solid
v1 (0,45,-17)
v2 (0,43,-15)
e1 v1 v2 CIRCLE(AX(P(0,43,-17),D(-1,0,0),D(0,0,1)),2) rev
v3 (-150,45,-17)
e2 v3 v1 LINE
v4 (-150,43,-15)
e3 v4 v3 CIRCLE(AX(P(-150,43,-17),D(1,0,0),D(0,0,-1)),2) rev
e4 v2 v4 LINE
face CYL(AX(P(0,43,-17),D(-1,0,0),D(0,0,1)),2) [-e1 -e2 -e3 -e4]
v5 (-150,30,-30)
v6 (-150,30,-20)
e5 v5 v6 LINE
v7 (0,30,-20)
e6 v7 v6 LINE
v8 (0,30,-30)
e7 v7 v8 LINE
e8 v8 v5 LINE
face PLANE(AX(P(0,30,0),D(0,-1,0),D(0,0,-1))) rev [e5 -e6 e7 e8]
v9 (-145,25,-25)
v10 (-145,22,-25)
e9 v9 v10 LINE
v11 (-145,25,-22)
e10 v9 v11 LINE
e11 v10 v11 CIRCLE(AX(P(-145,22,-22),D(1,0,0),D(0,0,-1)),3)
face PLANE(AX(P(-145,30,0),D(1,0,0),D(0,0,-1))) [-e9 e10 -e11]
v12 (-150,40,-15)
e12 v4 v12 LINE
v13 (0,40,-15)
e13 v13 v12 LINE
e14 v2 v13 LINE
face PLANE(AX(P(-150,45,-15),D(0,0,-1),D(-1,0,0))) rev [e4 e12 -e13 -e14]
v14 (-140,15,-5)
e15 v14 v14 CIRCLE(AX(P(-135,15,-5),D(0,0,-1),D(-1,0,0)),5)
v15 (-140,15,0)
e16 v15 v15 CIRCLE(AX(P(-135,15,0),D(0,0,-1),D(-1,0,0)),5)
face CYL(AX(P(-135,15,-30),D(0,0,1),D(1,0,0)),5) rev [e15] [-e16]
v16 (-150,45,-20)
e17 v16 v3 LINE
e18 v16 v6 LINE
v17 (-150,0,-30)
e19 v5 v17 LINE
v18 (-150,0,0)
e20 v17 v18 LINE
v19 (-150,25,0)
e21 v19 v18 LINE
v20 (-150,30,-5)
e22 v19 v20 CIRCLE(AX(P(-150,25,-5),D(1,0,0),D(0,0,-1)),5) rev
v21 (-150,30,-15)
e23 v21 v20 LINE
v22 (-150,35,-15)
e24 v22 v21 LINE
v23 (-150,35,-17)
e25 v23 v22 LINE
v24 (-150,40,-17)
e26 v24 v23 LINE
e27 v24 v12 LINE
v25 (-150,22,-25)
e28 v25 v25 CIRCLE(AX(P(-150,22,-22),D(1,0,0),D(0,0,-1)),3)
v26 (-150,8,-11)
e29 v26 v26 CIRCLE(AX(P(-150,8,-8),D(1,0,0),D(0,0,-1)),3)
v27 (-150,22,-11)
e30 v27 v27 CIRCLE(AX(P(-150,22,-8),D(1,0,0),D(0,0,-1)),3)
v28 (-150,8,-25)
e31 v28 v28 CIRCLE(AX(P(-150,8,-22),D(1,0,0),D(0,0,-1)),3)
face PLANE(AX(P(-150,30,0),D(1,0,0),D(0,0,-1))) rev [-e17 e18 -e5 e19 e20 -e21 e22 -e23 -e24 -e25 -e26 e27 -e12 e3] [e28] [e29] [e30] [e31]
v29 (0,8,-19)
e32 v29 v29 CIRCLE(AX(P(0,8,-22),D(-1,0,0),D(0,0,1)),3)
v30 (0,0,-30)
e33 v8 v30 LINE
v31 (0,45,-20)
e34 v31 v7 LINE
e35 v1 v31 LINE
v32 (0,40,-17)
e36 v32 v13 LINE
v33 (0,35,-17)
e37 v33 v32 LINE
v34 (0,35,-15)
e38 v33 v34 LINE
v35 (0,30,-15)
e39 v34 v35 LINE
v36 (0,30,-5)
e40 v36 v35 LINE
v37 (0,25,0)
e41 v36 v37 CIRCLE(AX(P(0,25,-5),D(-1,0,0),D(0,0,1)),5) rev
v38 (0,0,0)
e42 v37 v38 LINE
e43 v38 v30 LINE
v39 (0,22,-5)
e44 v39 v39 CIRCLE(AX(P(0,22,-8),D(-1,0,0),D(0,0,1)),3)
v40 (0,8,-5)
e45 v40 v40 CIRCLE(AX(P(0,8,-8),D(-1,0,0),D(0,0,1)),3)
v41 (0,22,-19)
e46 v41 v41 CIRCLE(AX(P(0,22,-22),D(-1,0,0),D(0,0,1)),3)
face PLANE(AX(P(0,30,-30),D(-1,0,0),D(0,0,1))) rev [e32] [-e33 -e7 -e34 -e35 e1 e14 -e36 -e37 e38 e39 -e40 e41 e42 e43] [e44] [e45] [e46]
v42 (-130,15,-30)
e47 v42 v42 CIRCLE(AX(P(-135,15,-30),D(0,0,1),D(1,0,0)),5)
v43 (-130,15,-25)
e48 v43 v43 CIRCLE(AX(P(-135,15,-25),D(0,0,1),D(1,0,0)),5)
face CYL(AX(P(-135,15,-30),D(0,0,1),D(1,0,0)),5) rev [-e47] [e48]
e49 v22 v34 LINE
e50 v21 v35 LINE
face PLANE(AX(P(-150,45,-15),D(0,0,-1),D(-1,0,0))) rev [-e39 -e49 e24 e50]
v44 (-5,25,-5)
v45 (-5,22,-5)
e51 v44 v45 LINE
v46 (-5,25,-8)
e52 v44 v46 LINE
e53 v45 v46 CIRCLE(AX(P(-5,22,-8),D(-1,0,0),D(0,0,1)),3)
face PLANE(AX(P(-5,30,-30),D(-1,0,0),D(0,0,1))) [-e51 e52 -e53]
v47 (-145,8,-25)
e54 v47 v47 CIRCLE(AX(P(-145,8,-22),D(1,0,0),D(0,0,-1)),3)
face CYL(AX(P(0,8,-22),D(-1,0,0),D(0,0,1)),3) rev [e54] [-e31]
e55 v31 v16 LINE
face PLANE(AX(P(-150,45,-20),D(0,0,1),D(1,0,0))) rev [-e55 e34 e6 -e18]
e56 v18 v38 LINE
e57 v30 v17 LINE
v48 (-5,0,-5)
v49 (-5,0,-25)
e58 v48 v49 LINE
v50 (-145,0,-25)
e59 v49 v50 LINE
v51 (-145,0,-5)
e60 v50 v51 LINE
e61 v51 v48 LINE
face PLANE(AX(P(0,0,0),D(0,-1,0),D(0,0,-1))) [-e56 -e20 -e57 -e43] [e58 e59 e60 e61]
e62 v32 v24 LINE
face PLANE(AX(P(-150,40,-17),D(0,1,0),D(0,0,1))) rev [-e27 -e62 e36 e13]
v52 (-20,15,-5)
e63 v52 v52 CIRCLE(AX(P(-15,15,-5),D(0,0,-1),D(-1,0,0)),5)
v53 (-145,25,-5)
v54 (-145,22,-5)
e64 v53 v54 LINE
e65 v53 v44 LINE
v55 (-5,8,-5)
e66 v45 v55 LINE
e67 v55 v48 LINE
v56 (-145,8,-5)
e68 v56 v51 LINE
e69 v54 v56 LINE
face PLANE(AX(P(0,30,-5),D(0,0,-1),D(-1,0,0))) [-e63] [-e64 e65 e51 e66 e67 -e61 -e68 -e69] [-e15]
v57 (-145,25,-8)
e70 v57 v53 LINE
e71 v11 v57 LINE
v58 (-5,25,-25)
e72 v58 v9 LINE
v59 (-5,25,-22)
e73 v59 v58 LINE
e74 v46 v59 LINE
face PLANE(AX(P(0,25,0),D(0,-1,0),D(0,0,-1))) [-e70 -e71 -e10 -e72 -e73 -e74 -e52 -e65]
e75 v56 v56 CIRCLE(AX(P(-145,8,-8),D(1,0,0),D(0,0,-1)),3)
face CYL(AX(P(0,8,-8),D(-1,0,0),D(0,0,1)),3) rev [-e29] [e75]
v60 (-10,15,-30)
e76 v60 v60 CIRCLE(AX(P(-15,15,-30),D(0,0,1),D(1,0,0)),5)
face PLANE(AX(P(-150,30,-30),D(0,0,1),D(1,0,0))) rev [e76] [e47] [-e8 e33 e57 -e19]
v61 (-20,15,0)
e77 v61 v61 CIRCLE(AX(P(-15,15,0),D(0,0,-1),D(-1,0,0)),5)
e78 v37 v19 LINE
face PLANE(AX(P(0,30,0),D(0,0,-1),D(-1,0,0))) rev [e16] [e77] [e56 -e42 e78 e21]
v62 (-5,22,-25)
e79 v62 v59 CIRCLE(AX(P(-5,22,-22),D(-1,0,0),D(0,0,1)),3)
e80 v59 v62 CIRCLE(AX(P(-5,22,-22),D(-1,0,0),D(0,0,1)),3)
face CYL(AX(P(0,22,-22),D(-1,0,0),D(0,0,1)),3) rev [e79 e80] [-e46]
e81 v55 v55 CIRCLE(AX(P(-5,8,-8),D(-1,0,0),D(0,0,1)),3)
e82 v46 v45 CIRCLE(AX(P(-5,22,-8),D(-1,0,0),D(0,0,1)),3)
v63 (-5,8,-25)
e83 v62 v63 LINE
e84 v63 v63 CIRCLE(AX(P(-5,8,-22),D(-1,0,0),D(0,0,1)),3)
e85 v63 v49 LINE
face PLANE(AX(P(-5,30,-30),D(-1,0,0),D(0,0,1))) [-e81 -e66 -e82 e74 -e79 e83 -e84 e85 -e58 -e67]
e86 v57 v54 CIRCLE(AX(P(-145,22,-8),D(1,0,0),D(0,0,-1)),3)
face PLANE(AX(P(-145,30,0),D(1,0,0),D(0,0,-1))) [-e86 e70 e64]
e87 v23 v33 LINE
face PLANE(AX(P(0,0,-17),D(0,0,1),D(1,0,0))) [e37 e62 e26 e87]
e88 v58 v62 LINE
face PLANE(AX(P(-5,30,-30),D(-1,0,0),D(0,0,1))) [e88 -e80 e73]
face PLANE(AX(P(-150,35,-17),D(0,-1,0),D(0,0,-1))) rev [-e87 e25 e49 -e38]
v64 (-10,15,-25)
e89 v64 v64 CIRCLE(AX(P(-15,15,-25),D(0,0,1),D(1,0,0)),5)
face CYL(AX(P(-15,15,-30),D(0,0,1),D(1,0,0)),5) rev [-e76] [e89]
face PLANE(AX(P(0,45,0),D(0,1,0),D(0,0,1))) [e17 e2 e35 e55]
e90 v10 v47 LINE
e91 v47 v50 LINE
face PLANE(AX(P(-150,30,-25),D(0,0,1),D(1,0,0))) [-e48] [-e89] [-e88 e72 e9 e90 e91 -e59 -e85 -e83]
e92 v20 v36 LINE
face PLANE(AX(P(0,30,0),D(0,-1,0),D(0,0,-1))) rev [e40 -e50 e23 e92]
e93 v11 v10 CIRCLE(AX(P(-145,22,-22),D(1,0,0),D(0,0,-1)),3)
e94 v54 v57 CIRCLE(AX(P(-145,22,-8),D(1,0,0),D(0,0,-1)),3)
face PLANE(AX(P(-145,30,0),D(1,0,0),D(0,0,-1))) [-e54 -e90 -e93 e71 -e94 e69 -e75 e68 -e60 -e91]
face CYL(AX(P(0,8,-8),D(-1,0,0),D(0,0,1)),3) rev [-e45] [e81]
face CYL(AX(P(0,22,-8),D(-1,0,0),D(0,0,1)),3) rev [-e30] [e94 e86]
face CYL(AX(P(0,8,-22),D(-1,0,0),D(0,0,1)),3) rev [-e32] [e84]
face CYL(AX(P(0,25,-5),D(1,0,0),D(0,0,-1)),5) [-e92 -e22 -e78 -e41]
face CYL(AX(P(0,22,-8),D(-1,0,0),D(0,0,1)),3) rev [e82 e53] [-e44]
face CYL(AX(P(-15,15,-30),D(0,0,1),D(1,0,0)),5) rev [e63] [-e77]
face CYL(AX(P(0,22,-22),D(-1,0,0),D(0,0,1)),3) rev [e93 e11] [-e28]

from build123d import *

# Parameters (mm, degrees)
SKETCH2_W               = 150
SKETCH2_H               = 30
BOSS_EXTRUDE1_DEPTH     = 30
SHELL1_T                = -5
CUT_EXTRUDE1_DEPTH      = 156.884572681
CUT_EXTRUDE1_DEPTH_BACK = 156.884572681
SKETCH3_R               = 3
CUT_EXTRUDE2_DEPTH      = 156.884572681
CUT_EXTRUDE2_DEPTH_BACK = 156.884572681
SKETCH5_R               = 5
SKETCH6_W               = 150
SKETCH6_H               = 5
BOSS_EXTRUDE3_DEPTH     = 15
SKETCH7_W               = 150
SKETCH7_H               = 5
CUT_EXTRUDE3_DEPTH      = 2
FILLET1_R               = 2
FILLET2_R               = 5


with BuildPart() as part:
    # Sketch2 → Boss-Extrude1 (new body)
    with BuildSketch(Plane(origin=(0, 0, 0), x_dir=(1, 0, 0), z_dir=(0, 1, 0))):
        with Locations((-75, 15)):
            Rectangle(SKETCH2_W, SKETCH2_H)
    extrude(amount=BOSS_EXTRUDE1_DEPTH)

    # Shell1
    shell1_openings = [part.faces().sort_by_distance(p)[0] for p in [
        (-75, 0, -15),
    ]]
    offset(amount=SHELL1_T, openings=shell1_openings, kind=Kind.INTERSECTION)

    # Sketch3 → Cut-Extrude1 (cut, two sides: drawn at the far end of the back side and taken through both)
    with BuildSketch(Plane.ZY.offset(150).offset(-CUT_EXTRUDE1_DEPTH_BACK)):
        with Locations(Location((-22, 22, 0), (0, 0, 180))):
            Circle(SKETCH3_R)
        with Locations((-8, 22)):
            Circle(SKETCH3_R)
        with Locations((-8, 8)):
            Circle(SKETCH3_R)
        with Locations(Location((-22, 8, 0), (0, 0, 180))):
            Circle(SKETCH3_R)
    extrude(amount=CUT_EXTRUDE1_DEPTH + CUT_EXTRUDE1_DEPTH_BACK, mode=Mode.SUBTRACT)

    # Sketch5 → Cut-Extrude2 (cut, two sides: drawn at the far end of the back side and taken through both)
    with BuildSketch(Plane.XY.offset(-CUT_EXTRUDE2_DEPTH_BACK)):
        with Locations(Location((-135, 15, 0), (0, 0, 180))):
            Circle(SKETCH5_R)
        with Locations(Location((-15, 15, 0), (0, 0, 180))):
            Circle(SKETCH5_R)
    extrude(amount=CUT_EXTRUDE2_DEPTH + CUT_EXTRUDE2_DEPTH_BACK, mode=Mode.SUBTRACT)

    # Sketch6 → Boss-Extrude3 (add)
    with BuildSketch(Plane(origin=(0, 30, 0), x_dir=(1, 0, 0), z_dir=(0, 1, 0))):
        with Locations((-75, 17.5)):
            Rectangle(SKETCH6_W, SKETCH6_H)
    extrude(amount=BOSS_EXTRUDE3_DEPTH)

    # Sketch7 → Cut-Extrude3 (cut)
    with BuildSketch(Plane.XY.offset(-15)):
        with Locations((-75, 37.5)):
            Rectangle(SKETCH7_W, SKETCH7_H)
    extrude(amount=-CUT_EXTRUDE3_DEPTH, mode=Mode.SUBTRACT)

    # Fillet1
    fillet1_edges = [part.edges().sort_by_distance(p)[0] for p in [
        (-75, 45, -15),
    ]]
    fillet(fillet1_edges, radius=FILLET1_R)

    # Fillet2
    fillet2_edges = [part.edges().sort_by_distance(p)[0] for p in [
        (-75, 30, 0),
    ]]
    fillet(fillet2_edges, radius=FILLET2_R)


solid = part.part
